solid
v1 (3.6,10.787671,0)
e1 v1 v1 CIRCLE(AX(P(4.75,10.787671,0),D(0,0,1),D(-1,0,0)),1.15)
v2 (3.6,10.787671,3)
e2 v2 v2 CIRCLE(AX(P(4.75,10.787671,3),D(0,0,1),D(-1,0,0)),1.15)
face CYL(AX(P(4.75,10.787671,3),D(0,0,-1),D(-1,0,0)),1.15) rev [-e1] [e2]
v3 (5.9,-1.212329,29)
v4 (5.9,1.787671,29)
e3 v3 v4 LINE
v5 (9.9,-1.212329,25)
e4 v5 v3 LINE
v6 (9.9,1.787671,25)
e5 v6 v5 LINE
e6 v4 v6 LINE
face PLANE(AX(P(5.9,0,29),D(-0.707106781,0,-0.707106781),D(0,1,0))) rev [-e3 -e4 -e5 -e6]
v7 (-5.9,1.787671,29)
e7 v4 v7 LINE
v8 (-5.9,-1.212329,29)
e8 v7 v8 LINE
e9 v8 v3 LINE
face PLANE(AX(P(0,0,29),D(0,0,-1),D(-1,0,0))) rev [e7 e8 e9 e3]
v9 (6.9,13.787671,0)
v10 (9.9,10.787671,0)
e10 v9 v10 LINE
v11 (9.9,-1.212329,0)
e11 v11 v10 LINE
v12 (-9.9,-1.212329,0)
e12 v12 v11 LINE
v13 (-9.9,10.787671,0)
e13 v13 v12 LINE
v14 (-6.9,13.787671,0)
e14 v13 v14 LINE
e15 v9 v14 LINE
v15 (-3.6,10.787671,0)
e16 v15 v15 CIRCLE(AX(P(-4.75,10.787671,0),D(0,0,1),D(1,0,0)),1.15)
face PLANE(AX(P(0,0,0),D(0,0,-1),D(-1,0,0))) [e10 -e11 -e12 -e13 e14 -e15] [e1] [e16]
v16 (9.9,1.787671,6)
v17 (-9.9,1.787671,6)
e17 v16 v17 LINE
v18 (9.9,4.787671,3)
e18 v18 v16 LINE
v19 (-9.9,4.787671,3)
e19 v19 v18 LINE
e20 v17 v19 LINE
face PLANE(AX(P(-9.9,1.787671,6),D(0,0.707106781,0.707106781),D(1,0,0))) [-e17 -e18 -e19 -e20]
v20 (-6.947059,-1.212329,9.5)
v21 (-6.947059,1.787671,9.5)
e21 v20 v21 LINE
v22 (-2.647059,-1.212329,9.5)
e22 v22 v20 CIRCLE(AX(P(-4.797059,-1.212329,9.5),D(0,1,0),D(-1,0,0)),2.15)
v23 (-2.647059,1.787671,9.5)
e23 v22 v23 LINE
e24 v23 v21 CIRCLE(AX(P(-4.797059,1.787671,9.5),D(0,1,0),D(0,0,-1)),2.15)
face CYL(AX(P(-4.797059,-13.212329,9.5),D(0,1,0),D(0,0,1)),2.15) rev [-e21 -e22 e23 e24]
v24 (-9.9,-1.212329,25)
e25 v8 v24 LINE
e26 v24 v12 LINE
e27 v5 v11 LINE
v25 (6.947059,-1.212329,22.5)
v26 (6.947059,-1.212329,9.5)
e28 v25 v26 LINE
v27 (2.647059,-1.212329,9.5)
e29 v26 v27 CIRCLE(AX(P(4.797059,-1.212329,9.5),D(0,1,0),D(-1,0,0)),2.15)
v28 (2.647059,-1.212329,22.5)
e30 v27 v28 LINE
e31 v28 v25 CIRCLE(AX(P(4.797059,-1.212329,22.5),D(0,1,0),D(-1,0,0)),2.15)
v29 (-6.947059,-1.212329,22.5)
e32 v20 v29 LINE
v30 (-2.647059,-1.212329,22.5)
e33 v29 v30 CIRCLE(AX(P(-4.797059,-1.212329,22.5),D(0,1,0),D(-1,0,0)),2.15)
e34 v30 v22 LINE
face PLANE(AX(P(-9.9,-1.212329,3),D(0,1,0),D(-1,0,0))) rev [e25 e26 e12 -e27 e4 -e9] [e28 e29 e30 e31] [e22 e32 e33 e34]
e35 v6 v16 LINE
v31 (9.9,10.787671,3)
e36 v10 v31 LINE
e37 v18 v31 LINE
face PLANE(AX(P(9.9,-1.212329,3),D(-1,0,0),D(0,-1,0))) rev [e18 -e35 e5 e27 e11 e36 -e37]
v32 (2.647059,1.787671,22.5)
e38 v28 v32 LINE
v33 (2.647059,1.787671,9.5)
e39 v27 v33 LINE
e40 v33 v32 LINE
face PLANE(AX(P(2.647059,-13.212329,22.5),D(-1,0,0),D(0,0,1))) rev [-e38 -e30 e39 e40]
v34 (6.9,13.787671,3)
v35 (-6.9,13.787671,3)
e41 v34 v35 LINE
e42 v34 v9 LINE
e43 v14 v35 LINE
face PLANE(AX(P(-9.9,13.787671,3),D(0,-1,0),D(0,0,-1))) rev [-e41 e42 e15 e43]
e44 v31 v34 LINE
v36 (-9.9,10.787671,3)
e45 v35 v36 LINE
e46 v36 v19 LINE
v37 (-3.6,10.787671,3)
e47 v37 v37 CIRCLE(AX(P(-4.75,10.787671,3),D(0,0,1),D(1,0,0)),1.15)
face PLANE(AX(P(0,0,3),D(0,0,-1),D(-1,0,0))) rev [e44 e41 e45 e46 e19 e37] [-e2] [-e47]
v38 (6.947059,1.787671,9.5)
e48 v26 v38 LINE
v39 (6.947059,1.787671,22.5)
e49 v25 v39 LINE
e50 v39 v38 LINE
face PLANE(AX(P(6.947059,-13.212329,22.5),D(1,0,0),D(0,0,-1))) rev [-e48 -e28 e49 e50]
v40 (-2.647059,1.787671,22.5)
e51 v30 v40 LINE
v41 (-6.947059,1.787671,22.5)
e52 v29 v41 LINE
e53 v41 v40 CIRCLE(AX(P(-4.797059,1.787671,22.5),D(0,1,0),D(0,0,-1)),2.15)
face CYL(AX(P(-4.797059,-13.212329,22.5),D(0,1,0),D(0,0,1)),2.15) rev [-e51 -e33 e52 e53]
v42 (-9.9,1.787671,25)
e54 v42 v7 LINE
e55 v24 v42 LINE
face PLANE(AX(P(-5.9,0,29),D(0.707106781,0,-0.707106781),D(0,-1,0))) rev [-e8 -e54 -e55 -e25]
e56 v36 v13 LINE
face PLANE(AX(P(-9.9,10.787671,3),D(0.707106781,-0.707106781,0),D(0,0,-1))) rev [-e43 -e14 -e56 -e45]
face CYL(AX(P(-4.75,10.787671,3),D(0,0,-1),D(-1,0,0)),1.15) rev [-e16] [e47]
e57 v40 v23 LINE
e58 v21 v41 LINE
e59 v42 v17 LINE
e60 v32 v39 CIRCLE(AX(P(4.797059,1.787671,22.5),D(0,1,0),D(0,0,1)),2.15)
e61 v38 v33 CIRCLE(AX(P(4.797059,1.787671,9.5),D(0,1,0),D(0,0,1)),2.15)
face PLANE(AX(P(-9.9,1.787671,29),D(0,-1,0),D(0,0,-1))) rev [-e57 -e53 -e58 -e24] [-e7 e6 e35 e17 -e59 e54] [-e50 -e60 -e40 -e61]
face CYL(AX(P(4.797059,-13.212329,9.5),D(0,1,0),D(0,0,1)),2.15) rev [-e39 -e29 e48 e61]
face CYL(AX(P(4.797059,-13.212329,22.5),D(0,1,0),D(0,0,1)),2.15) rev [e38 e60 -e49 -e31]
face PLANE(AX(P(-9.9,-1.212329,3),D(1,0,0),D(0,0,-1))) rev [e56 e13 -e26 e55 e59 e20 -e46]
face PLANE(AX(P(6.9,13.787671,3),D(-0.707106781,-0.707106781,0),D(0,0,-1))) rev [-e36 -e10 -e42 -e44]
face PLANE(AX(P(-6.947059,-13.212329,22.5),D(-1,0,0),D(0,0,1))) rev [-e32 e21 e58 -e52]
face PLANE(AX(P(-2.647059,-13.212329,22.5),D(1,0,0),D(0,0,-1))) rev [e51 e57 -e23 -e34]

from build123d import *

# Parameters (mm, degrees)
SKETCH1_W           = 19.8
SKETCH1_H           = 15
SKETCH1_R           = 1.15
BOSS_EXTRUDE1_DEPTH = 3
SKETCH2_W           = 19.8
SKETCH2_H           = 3
BOSS_EXTRUDE2_DEPTH = 26
CHAMFER1_SIZE       = 3
CUT_EXTRUDE1_DEPTH  = 15
CHAMFER2_SIZE       = 4


with BuildPart() as part:
    # Sketch1 → Boss-Extrude1 (new body)
    with BuildSketch(Plane.XY):
        with Locations((0, 6.287671233)):
            Rectangle(SKETCH1_W, SKETCH1_H)
        with Locations((-4.75, 10.787671233)):
            Circle(SKETCH1_R, mode=Mode.SUBTRACT)
        with Locations(Location((4.75, 10.787671233, 0), (0, 0, 180))):
            Circle(SKETCH1_R, mode=Mode.SUBTRACT)
    extrude(amount=BOSS_EXTRUDE1_DEPTH)

    # Sketch2 → Boss-Extrude2 (add)
    with BuildSketch(Plane.XY.offset(3)):
        with Locations((0, 0.287671233)):
            Rectangle(SKETCH2_W, SKETCH2_H)
    extrude(amount=BOSS_EXTRUDE2_DEPTH)

    # Chamfer1
    chamfer1_edges = [part.edges().sort_by_distance(p)[0] for p in [
        (0, 1.787671233, 3),
        (-9.9, 13.787671233, 1.5),
        (9.9, 13.787671233, 1.5),
    ]]
    chamfer(chamfer1_edges, length=CHAMFER1_SIZE)

    # Sketch4 → Cut-Extrude1 (cut)
    with BuildSketch(Plane(origin=(0, 1.787671233, 0), x_dir=(1, 0, 0), z_dir=(0, 1, 0))):
        with BuildLine():
            Line((2.647058824, -22.5), (2.647058824, -9.5))
            ThreePointArc((2.647058824, -9.5), (4.797058824, -7.35), (6.947058824, -9.5))
            Line((6.947058824, -9.5), (6.947058824, -22.5))
            ThreePointArc((6.947058824, -22.5), (4.797058824, -24.65), (2.647058824, -22.5))
        make_face()
        with BuildLine():
            Line((-2.647058824, -22.5), (-2.647058824, -9.5))
            ThreePointArc((-2.647058824, -9.5), (-4.797058824, -7.35), (-6.947058824, -9.5))
            Line((-6.947058824, -9.5), (-6.947058824, -22.5))
            ThreePointArc((-6.947058824, -22.5), (-4.797058824, -24.65), (-2.647058824, -22.5))
        make_face()
    extrude(amount=-CUT_EXTRUDE1_DEPTH, mode=Mode.SUBTRACT)

    # Chamfer2
    chamfer2_edges = [part.edges().sort_by_distance(p)[0] for p in [
        (-9.9, 0.287671233, 29),
        (9.9, 0.287671233, 29),
    ]]
    chamfer(chamfer2_edges, length=CHAMFER2_SIZE)


solid = part.part
